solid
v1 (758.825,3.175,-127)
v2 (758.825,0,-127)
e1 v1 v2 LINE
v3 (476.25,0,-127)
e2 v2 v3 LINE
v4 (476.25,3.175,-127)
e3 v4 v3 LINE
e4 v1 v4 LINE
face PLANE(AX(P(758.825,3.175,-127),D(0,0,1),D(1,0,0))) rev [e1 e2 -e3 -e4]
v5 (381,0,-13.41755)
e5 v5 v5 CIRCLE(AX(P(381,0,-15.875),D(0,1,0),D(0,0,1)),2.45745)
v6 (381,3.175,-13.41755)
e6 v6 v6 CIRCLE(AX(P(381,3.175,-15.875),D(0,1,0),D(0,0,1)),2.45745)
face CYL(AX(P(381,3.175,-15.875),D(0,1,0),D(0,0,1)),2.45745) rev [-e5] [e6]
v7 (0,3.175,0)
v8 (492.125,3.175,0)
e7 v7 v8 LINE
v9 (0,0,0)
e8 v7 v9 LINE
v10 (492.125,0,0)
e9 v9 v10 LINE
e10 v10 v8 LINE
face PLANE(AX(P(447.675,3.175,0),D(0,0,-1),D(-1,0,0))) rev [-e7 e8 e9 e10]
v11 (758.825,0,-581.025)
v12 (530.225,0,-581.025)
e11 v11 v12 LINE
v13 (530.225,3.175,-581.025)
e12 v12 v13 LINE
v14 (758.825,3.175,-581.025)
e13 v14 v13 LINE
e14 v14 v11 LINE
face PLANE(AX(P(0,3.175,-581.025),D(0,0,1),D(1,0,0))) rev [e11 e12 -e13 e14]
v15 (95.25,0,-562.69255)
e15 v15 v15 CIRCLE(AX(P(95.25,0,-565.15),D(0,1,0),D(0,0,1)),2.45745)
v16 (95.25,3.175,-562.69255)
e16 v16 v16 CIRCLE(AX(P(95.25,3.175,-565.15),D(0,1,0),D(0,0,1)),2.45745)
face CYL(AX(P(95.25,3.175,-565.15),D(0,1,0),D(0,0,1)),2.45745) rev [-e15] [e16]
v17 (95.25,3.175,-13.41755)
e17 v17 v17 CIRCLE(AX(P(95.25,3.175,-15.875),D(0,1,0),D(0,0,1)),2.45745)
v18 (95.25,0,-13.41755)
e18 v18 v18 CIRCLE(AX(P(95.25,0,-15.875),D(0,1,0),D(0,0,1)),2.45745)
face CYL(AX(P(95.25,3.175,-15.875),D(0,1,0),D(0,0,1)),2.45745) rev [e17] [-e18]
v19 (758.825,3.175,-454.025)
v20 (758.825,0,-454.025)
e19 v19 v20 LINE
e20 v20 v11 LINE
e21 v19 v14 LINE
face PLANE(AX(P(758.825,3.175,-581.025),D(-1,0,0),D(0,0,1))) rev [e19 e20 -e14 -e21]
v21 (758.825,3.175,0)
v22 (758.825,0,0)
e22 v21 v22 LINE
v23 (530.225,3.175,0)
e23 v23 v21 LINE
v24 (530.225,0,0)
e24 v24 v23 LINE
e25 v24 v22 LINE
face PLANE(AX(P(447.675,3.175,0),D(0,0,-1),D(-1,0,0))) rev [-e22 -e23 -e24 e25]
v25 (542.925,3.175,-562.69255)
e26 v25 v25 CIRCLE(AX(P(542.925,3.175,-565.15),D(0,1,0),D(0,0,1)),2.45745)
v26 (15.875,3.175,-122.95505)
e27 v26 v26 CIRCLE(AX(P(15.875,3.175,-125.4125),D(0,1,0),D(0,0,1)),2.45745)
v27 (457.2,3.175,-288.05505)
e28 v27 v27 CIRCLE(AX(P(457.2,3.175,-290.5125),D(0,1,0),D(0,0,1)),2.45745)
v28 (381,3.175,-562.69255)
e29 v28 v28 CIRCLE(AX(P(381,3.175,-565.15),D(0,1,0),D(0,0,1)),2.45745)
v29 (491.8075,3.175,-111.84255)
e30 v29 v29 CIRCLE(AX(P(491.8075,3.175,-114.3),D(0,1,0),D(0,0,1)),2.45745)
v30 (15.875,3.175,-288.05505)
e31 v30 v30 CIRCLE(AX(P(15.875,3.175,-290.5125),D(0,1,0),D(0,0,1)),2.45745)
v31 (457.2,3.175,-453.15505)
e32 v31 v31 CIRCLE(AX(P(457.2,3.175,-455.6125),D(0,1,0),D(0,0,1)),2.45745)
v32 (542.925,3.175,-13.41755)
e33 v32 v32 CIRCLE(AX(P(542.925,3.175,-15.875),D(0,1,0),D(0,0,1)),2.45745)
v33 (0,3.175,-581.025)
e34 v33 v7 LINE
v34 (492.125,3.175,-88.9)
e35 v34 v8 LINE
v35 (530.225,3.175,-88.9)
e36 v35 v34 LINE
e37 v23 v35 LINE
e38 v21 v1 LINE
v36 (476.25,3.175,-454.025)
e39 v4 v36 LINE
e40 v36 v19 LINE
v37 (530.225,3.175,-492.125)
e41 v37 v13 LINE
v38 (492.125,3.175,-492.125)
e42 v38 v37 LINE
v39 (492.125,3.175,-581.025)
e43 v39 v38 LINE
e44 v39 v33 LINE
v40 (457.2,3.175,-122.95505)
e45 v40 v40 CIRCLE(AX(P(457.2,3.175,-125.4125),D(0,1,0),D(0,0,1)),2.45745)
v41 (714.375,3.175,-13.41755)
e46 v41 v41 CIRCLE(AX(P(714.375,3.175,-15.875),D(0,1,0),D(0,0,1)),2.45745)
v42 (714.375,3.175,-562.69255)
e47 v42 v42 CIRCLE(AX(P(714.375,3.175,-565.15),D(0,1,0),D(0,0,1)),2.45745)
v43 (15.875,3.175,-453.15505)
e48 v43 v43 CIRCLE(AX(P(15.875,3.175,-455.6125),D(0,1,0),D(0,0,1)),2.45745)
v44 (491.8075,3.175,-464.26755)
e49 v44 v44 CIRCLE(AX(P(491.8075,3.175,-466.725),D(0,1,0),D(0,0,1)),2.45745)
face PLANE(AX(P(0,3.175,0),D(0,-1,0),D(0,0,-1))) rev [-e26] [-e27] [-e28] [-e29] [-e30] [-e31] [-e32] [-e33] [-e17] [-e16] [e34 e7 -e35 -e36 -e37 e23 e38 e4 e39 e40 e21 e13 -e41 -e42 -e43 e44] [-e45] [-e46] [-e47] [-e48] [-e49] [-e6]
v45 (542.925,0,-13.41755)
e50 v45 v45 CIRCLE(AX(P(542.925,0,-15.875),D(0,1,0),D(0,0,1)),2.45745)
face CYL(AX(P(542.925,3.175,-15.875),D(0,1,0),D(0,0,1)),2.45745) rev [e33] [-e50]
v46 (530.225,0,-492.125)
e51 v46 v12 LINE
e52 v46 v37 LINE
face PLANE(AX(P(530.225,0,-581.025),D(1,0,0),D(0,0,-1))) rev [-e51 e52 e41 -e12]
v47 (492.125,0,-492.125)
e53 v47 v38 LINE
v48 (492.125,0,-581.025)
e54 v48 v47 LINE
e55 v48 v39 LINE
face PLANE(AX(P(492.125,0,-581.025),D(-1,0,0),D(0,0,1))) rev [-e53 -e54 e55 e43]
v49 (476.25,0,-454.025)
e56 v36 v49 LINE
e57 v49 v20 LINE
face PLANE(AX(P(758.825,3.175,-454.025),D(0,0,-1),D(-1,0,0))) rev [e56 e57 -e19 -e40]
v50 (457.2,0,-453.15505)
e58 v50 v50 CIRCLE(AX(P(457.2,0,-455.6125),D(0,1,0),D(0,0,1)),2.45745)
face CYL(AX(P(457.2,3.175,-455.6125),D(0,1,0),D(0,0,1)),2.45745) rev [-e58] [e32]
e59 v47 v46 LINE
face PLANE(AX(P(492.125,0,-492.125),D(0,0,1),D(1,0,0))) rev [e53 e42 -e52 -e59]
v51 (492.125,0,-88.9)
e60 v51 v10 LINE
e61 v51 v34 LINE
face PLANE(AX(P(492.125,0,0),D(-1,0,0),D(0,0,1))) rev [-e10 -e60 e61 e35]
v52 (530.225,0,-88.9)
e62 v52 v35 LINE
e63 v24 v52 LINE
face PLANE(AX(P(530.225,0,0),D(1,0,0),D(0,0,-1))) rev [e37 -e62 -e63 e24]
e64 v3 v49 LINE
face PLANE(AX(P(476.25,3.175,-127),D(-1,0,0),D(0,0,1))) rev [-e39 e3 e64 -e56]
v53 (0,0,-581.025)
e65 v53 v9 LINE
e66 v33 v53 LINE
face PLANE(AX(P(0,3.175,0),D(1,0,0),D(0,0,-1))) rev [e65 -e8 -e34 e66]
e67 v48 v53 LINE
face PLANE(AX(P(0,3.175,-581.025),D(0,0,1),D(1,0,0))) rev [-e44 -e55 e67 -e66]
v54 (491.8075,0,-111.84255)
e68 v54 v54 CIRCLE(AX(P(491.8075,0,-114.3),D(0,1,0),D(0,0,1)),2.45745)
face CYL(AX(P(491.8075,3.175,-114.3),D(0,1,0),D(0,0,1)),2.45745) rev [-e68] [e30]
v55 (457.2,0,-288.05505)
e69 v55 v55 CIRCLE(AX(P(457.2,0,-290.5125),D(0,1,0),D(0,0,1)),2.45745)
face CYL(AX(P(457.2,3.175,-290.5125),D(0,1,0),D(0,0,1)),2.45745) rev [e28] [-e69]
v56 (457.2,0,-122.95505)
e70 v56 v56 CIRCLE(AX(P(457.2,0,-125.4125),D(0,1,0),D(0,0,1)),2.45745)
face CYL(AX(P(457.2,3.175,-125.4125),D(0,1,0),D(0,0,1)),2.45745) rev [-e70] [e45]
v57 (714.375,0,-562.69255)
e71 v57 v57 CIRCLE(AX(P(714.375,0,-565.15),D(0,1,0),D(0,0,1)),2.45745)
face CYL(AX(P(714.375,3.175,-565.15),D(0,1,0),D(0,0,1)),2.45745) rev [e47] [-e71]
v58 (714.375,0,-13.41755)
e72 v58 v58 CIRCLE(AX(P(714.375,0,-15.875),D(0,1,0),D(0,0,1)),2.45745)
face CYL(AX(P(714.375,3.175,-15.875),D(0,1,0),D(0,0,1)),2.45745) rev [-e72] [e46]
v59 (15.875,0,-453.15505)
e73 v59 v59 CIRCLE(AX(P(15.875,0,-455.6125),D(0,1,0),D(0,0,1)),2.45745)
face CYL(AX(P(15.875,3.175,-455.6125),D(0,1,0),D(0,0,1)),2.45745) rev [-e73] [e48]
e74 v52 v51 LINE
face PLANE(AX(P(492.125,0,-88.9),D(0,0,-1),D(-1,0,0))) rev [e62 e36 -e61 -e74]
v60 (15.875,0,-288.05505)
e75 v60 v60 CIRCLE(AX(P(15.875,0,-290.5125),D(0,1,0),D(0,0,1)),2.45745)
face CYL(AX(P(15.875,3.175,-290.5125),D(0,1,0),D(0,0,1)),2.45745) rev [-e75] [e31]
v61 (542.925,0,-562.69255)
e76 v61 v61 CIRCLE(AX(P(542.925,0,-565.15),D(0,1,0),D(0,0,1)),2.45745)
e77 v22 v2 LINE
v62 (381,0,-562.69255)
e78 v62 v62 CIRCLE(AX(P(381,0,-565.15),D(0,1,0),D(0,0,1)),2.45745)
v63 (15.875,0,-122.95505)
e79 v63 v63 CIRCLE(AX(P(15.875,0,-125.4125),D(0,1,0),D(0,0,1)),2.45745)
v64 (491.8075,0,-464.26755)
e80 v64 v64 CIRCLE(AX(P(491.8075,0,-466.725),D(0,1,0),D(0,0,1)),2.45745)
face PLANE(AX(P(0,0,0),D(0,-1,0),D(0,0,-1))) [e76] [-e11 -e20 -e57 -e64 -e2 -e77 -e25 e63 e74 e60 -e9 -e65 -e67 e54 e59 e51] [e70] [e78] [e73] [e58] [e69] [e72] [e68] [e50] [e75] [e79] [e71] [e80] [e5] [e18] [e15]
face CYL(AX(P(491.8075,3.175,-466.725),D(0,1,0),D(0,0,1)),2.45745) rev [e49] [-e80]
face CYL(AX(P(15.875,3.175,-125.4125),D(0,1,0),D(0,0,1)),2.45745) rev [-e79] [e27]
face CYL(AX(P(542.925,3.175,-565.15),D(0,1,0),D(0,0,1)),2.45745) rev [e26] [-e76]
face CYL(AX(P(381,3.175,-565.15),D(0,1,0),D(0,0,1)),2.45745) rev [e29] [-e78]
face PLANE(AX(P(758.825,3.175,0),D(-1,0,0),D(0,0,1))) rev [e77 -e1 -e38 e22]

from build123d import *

# Parameters (mm, degrees)
BOSS_EXTRUDE1_DEPTH          = 3.175
F_10_0_1935_DIAMETER_HOLE2_D = 4.9149
SKETCH8_W                    = 38.1
SKETCH8_H                    = 88.9
CUT_EXTRUDE1_DEPTH           = 3.175
F_10_0_1935_DIAMETER_HOLE3_D = 4.9149


with BuildPart() as part:
    # Sketch1 → Boss-Extrude1 (new body)
    with BuildSketch(Plane(origin=(0, 0, 0), x_dir=(1, 0, 0), z_dir=(0, 1, 0))):
        Polygon((476.25, 581.025), (758.825, 581.025), (758.825, 454.025), (476.25, 454.025), (476.25, 127), (758.825, 127), (758.825, 0), (447.675, 0), (0, 0), (0, 581.025), align=None)
    extrude(amount=BOSS_EXTRUDE1_DEPTH)

    # #10 (0.1935) Diameter Hole2 (through all)
    with Locations(Plane(origin=(0, 3.175, 0), x_dir=(1, 0, 0), z_dir=(0, 1, 0))):
        with Locations((15.875, 455.6125), (15.875, 125.4125), (15.875, 290.5125), (381, 565.15), (381, 15.875), (95.25, 565.15), (95.25, 15.875), (457.2, 125.4125), (457.2, 290.5125), (457.2, 455.6125)):
            Hole(F_10_0_1935_DIAMETER_HOLE2_D / 2)

    # Sketch8 → Cut-Extrude1 (cut)
    with BuildSketch(Plane(origin=(0, 3.175, 0), x_dir=(1, 0, 0), z_dir=(0, 1, 0))):
        with Locations((511.175, 44.45)):
            Rectangle(SKETCH8_W, SKETCH8_H)
        with Locations((511.175, 536.575)):
            Rectangle(SKETCH8_W, SKETCH8_H)
    extrude(amount=-CUT_EXTRUDE1_DEPTH, mode=Mode.SUBTRACT)

    # #10 (0.1935) Diameter Hole3 (through all)
    with Locations(Plane(origin=(0, 3.175, 0), x_dir=(1, 0, 0), z_dir=(0, 1, 0))):
        with Locations((491.8075, 114.3), (542.925, 15.875), (714.375, 15.875), (491.8075, 466.725), (542.925, 565.15), (714.375, 565.15)):
            Hole(F_10_0_1935_DIAMETER_HOLE3_D / 2)


solid = part.part
